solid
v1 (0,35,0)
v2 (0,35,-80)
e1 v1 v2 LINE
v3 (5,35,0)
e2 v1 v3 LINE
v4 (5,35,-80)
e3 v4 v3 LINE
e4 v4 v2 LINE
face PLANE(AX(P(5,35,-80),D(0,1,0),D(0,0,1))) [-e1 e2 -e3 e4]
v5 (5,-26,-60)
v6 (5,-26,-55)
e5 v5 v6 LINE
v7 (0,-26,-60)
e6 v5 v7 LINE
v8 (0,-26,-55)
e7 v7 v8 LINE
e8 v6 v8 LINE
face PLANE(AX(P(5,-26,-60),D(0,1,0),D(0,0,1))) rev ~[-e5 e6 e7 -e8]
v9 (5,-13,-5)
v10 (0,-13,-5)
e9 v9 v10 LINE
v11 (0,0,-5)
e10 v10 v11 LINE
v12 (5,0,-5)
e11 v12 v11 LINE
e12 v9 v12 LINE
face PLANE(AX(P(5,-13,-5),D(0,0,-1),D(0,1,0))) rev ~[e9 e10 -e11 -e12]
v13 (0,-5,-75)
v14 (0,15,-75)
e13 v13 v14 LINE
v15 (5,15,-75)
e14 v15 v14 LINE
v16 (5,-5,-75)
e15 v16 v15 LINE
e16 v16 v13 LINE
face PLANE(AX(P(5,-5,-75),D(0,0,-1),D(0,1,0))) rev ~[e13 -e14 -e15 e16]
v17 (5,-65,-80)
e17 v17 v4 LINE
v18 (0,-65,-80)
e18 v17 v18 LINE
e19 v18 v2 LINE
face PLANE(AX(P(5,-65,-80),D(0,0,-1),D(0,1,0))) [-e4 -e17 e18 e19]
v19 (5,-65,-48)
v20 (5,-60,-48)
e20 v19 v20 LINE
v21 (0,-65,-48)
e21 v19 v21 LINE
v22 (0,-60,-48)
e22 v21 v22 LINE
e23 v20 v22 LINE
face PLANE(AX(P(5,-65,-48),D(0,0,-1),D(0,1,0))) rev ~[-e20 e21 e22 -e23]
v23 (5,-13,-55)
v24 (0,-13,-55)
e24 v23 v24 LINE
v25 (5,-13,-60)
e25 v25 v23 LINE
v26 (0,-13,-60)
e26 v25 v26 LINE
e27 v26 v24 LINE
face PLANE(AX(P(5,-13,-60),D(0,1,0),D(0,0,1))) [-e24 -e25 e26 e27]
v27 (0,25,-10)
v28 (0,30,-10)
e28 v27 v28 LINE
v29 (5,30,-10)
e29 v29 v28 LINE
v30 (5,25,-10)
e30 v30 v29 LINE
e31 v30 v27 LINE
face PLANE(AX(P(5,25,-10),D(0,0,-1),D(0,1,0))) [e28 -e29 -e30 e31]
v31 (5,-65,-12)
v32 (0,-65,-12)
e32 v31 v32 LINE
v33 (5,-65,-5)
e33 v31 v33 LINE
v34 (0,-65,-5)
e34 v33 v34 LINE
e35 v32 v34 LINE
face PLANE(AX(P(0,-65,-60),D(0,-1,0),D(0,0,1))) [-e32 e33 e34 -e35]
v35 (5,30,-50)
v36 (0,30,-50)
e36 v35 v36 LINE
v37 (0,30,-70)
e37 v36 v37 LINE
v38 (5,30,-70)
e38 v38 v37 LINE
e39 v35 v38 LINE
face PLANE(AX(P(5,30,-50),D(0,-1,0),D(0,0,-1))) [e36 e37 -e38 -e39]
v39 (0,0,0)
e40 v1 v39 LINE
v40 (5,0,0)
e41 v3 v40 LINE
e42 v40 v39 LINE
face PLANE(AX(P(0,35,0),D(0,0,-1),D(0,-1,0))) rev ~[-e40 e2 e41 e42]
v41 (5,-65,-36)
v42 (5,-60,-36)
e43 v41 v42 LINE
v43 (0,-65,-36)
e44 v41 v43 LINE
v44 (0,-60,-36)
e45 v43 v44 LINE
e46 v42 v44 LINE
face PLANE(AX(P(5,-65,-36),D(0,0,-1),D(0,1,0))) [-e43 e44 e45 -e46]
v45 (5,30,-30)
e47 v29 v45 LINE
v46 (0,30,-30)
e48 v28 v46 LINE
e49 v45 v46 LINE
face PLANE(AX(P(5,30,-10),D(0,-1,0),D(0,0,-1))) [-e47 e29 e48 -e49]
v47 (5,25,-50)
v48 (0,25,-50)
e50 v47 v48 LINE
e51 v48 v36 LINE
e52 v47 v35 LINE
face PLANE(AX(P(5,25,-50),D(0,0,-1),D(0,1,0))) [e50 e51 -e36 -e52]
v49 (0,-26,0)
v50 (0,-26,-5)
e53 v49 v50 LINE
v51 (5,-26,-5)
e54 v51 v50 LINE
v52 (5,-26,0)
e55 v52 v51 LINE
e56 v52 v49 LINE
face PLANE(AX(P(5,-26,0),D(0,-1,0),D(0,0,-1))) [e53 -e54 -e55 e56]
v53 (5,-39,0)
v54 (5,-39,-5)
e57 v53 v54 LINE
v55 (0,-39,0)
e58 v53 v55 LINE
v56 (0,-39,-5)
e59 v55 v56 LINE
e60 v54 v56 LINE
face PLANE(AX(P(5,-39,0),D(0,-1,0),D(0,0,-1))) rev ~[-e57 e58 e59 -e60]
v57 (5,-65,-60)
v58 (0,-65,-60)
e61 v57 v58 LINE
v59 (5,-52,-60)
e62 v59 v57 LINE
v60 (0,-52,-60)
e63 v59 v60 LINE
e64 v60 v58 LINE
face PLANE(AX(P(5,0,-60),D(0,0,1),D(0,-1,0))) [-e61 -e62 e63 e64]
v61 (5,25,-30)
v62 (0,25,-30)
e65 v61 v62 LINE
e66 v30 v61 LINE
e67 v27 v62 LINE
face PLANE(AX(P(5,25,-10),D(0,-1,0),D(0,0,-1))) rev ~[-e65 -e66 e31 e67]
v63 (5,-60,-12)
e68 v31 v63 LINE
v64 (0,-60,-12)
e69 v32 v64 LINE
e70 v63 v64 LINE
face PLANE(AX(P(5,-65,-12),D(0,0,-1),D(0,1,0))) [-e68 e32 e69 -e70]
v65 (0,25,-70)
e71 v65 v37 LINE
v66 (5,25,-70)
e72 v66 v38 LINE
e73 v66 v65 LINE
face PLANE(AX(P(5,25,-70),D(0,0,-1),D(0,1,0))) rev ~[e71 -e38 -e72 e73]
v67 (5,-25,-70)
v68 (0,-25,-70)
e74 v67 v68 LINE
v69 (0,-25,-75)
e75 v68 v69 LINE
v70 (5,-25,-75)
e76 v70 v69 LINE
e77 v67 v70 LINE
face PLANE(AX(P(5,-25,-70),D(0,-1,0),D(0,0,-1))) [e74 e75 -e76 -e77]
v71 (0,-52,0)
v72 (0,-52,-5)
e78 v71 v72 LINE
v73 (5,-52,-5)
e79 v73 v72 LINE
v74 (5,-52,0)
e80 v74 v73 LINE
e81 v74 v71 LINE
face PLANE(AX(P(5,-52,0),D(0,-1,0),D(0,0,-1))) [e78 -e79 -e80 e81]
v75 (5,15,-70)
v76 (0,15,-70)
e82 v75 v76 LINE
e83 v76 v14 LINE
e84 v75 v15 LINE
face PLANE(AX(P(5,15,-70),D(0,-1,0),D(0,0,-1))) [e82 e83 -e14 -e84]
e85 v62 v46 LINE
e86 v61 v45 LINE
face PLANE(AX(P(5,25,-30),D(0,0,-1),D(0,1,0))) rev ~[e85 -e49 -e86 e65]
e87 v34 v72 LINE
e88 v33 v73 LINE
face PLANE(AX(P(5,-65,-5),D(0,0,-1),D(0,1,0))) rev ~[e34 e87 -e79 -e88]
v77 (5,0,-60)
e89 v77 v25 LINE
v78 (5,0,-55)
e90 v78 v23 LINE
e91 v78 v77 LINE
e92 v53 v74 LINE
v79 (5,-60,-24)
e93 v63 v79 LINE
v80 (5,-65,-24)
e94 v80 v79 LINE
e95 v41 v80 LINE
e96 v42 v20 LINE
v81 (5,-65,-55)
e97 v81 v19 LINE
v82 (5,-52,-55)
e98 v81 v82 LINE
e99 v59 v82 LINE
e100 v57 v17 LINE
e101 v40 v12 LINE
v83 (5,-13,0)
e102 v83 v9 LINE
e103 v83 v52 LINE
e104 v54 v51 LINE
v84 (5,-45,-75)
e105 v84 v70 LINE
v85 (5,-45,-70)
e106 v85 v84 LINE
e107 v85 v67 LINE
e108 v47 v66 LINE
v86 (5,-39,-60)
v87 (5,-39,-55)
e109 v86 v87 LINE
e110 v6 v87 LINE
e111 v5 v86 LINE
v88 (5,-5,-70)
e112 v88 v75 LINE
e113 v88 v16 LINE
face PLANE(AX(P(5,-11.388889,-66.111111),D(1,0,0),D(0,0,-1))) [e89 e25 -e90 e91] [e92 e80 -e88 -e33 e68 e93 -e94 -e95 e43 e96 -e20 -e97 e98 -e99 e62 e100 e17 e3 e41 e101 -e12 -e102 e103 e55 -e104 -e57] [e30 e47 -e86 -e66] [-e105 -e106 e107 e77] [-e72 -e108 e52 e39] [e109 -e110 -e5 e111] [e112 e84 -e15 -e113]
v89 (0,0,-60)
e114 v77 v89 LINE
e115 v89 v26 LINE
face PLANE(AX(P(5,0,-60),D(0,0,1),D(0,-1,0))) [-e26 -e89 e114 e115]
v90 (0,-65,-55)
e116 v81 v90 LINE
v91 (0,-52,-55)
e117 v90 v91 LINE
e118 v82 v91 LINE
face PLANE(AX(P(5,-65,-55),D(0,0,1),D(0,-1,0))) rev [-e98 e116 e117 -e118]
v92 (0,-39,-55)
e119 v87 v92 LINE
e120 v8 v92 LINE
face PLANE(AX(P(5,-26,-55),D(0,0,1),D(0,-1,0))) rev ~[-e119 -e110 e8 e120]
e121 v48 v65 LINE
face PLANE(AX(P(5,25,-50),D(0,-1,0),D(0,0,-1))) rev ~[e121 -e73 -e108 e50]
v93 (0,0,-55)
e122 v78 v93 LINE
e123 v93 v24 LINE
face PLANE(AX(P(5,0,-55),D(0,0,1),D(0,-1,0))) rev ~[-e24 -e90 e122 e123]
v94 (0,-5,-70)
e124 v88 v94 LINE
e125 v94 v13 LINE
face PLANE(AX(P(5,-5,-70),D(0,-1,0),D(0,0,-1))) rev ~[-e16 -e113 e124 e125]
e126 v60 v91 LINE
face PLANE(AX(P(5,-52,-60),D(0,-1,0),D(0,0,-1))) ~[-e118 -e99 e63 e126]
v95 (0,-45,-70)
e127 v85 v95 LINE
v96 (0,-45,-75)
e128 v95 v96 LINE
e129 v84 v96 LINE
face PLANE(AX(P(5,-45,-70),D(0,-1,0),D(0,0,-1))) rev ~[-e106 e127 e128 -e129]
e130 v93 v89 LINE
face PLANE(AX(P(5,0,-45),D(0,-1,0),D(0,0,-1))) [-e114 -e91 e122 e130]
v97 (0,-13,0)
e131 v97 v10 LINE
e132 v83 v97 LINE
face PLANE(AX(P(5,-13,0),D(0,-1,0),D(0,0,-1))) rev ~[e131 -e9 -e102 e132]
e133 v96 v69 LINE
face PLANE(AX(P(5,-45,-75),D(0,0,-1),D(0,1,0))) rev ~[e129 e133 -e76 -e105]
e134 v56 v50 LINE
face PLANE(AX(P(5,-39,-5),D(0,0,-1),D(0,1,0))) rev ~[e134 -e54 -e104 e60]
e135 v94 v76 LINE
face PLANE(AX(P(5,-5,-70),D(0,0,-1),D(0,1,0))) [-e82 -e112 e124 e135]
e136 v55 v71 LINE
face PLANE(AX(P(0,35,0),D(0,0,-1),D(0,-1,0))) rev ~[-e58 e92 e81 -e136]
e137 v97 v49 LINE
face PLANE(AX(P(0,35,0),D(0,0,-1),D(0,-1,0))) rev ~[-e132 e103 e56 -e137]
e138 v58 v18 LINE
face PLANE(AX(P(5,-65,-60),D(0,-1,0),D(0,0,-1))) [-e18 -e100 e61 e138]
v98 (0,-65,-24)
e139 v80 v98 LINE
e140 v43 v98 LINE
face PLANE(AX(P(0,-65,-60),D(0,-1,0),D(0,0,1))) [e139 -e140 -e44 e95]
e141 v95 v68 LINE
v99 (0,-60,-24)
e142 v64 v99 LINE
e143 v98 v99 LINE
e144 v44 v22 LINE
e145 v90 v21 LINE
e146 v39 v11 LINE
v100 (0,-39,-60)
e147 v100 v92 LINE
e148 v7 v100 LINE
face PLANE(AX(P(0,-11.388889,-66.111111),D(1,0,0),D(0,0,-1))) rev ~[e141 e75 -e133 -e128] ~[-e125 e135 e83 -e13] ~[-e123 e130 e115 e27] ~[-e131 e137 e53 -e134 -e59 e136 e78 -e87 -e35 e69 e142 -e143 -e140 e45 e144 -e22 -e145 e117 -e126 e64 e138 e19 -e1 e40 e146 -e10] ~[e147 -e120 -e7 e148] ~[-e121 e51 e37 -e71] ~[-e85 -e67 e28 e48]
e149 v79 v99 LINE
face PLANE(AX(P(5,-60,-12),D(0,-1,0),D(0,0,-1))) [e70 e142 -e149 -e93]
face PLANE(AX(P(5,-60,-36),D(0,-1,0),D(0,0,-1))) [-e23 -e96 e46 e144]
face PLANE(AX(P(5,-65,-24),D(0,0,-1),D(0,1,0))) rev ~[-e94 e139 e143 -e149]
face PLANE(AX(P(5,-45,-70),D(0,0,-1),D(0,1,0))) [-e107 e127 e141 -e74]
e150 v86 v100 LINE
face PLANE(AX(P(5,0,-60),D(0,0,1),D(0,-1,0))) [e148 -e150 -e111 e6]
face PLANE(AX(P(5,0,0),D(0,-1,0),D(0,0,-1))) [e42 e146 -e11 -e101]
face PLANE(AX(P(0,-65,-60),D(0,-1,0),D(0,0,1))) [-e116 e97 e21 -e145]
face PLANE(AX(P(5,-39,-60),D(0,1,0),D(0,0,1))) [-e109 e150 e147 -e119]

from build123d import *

# Parameters (mm, degrees)
BOSS_EXTRU_1_DEPTH         = 5
ESQUISSE2_W                = 12
ESQUISSE2_H                = 5
ENL_V_MAT_EXTRU_1_DEPTH    = 5
R_P_TITION_LIN_AIRE1_COUNT = 2
R_P_TITION_LIN_AIRE1_PITCH = 24
ESQUISSE4_W                = 5
ESQUISSE4_H                = 13
ENL_V_MAT_EXTRU_2_DEPTH    = 5
R_P_TITION_LIN_AIRE2_COUNT = 3
R_P_TITION_LIN_AIRE2_PITCH = 26
SYM_TRIE1_COPY_1_SKETCH_W  = 5
SYM_TRIE1_COPY_1_SKETCH_H  = 13
SYM_TRIE1_COPY_1_DEPTH     = 5
SYM_TRIE1_COPY_2_SKETCH_W  = 5
SYM_TRIE1_COPY_2_SKETCH_H  = 13
SYM_TRIE1_COPY_2_DEPTH     = 5
BOSS_EXTRU_3_DEPTH         = 5
ESQUISSE7_W                = 20
ESQUISSE7_H                = 5
ENL_V_MAT_EXTRU_3_DEPTH    = 5
ESQUISSE8_W                = 5
ESQUISSE8_H                = 20
ENL_V_MAT_EXTRU_4_DEPTH    = 5


with BuildPart() as part:
    # Esquisse1 → Boss.-Extru.1 (new body)
    with BuildSketch(Plane(origin=(0, 0, 0), x_dir=(0, 0, -1), z_dir=(1, 0, 0))):
        Polygon((0, 0), (0, 35), (45, 35), (45, 0), (60, 0), (60, -65), (0, -65), align=None)
    extrude(amount=BOSS_EXTRU_1_DEPTH)

    # Esquisse2 → Enlèv. mat.-Extru.1 (cut)
    with BuildSketch(Plane(origin=(5, 0, 0), x_dir=(0, 0, -1), z_dir=(1, 0, 0))):
        with Locations((18, -62.5)):
            Rectangle(ESQUISSE2_W, ESQUISSE2_H)
    enl_v_mat_extru_1 = extrude(amount=-ENL_V_MAT_EXTRU_1_DEPTH, mode=Mode.SUBTRACT)

    # Répétition linéaire1: Enlèv. mat.-Extru.1 ×2
    with Locations(*[(0, 0, -i * R_P_TITION_LIN_AIRE1_PITCH) for i in range(1, R_P_TITION_LIN_AIRE1_COUNT)]):
        add(enl_v_mat_extru_1, mode=Mode.SUBTRACT)

    # Esquisse4 → Enlèv. mat.-Extru.2 (cut)
    with BuildSketch(Plane(origin=(5, 0, 0), x_dir=(0, 0, -1), z_dir=(1, 0, 0))):
        with Locations((2.5, -58.5)):
            Rectangle(ESQUISSE4_W, ESQUISSE4_H)
    enl_v_mat_extru_2 = extrude(amount=-ENL_V_MAT_EXTRU_2_DEPTH, mode=Mode.SUBTRACT)

    # Répétition linéaire2: Enlèv. mat.-Extru.2 ×3
    with Locations(*[(0, i * R_P_TITION_LIN_AIRE2_PITCH, 0) for i in range(1, R_P_TITION_LIN_AIRE2_COUNT)]):
        add(enl_v_mat_extru_2, mode=Mode.SUBTRACT)

    # Symétrie1: Enlèv. mat.-Extru.2 across plane
    add(enl_v_mat_extru_2.mirror(Plane.XY.offset(-30)), mode=Mode.SUBTRACT)

    # Symétrie1 copy 1 sketch → Symétrie1 copy 1 (cut)
    with BuildSketch(Plane(origin=(5, 26, -60), x_dir=(0, 0, 1), z_dir=(1, 0, 0))):
        with Locations((2.5, 58.5)):
            Rectangle(SYM_TRIE1_COPY_1_SKETCH_W, SYM_TRIE1_COPY_1_SKETCH_H)
    extrude(amount=-SYM_TRIE1_COPY_1_DEPTH, mode=Mode.SUBTRACT)

    # Symétrie1 copy 2 sketch → Symétrie1 copy 2 (cut)
    with BuildSketch(Plane(origin=(5, 52, -60), x_dir=(0, 0, 1), z_dir=(1, 0, 0))):
        with Locations((2.5, 58.5)):
            Rectangle(SYM_TRIE1_COPY_2_SKETCH_W, SYM_TRIE1_COPY_2_SKETCH_H)
    extrude(amount=-SYM_TRIE1_COPY_2_DEPTH, mode=Mode.SUBTRACT)

    # Esquisse5 → Boss.-Extru.3 (add)
    with BuildSketch(Plane(origin=(5, 0, 0), x_dir=(0, 0, -1), z_dir=(1, 0, 0))):
        Polygon((45, 0), (60, 0), (60, -65), (80, -65), (80, 35), (45, 35), align=None)
    extrude(amount=-BOSS_EXTRU_3_DEPTH)

    # Esquisse7 → Enlèv. mat.-Extru.3 (cut)
    with BuildSketch(Plane(origin=(5, 0, 0), x_dir=(0, 0, -1), z_dir=(1, 0, 0))):
        with Locations((20, 27.5)):
            Rectangle(ESQUISSE7_W, ESQUISSE7_H)
        with Locations((60, 27.5)):
            Rectangle(ESQUISSE7_W, ESQUISSE7_H)
    extrude(amount=-ENL_V_MAT_EXTRU_3_DEPTH, mode=Mode.SUBTRACT)

    # Esquisse8 → Enlèv. mat.-Extru.4 (cut)
    with BuildSketch(Plane(origin=(5, 0, 0), x_dir=(0, 0, -1), z_dir=(1, 0, 0))):
        with Locations((72.5, 5)):
            Rectangle(ESQUISSE8_W, ESQUISSE8_H)
        with Locations((72.5, -35)):
            Rectangle(ESQUISSE8_W, ESQUISSE8_H)
    extrude(amount=-ENL_V_MAT_EXTRU_4_DEPTH, mode=Mode.SUBTRACT)


solid = part.part
